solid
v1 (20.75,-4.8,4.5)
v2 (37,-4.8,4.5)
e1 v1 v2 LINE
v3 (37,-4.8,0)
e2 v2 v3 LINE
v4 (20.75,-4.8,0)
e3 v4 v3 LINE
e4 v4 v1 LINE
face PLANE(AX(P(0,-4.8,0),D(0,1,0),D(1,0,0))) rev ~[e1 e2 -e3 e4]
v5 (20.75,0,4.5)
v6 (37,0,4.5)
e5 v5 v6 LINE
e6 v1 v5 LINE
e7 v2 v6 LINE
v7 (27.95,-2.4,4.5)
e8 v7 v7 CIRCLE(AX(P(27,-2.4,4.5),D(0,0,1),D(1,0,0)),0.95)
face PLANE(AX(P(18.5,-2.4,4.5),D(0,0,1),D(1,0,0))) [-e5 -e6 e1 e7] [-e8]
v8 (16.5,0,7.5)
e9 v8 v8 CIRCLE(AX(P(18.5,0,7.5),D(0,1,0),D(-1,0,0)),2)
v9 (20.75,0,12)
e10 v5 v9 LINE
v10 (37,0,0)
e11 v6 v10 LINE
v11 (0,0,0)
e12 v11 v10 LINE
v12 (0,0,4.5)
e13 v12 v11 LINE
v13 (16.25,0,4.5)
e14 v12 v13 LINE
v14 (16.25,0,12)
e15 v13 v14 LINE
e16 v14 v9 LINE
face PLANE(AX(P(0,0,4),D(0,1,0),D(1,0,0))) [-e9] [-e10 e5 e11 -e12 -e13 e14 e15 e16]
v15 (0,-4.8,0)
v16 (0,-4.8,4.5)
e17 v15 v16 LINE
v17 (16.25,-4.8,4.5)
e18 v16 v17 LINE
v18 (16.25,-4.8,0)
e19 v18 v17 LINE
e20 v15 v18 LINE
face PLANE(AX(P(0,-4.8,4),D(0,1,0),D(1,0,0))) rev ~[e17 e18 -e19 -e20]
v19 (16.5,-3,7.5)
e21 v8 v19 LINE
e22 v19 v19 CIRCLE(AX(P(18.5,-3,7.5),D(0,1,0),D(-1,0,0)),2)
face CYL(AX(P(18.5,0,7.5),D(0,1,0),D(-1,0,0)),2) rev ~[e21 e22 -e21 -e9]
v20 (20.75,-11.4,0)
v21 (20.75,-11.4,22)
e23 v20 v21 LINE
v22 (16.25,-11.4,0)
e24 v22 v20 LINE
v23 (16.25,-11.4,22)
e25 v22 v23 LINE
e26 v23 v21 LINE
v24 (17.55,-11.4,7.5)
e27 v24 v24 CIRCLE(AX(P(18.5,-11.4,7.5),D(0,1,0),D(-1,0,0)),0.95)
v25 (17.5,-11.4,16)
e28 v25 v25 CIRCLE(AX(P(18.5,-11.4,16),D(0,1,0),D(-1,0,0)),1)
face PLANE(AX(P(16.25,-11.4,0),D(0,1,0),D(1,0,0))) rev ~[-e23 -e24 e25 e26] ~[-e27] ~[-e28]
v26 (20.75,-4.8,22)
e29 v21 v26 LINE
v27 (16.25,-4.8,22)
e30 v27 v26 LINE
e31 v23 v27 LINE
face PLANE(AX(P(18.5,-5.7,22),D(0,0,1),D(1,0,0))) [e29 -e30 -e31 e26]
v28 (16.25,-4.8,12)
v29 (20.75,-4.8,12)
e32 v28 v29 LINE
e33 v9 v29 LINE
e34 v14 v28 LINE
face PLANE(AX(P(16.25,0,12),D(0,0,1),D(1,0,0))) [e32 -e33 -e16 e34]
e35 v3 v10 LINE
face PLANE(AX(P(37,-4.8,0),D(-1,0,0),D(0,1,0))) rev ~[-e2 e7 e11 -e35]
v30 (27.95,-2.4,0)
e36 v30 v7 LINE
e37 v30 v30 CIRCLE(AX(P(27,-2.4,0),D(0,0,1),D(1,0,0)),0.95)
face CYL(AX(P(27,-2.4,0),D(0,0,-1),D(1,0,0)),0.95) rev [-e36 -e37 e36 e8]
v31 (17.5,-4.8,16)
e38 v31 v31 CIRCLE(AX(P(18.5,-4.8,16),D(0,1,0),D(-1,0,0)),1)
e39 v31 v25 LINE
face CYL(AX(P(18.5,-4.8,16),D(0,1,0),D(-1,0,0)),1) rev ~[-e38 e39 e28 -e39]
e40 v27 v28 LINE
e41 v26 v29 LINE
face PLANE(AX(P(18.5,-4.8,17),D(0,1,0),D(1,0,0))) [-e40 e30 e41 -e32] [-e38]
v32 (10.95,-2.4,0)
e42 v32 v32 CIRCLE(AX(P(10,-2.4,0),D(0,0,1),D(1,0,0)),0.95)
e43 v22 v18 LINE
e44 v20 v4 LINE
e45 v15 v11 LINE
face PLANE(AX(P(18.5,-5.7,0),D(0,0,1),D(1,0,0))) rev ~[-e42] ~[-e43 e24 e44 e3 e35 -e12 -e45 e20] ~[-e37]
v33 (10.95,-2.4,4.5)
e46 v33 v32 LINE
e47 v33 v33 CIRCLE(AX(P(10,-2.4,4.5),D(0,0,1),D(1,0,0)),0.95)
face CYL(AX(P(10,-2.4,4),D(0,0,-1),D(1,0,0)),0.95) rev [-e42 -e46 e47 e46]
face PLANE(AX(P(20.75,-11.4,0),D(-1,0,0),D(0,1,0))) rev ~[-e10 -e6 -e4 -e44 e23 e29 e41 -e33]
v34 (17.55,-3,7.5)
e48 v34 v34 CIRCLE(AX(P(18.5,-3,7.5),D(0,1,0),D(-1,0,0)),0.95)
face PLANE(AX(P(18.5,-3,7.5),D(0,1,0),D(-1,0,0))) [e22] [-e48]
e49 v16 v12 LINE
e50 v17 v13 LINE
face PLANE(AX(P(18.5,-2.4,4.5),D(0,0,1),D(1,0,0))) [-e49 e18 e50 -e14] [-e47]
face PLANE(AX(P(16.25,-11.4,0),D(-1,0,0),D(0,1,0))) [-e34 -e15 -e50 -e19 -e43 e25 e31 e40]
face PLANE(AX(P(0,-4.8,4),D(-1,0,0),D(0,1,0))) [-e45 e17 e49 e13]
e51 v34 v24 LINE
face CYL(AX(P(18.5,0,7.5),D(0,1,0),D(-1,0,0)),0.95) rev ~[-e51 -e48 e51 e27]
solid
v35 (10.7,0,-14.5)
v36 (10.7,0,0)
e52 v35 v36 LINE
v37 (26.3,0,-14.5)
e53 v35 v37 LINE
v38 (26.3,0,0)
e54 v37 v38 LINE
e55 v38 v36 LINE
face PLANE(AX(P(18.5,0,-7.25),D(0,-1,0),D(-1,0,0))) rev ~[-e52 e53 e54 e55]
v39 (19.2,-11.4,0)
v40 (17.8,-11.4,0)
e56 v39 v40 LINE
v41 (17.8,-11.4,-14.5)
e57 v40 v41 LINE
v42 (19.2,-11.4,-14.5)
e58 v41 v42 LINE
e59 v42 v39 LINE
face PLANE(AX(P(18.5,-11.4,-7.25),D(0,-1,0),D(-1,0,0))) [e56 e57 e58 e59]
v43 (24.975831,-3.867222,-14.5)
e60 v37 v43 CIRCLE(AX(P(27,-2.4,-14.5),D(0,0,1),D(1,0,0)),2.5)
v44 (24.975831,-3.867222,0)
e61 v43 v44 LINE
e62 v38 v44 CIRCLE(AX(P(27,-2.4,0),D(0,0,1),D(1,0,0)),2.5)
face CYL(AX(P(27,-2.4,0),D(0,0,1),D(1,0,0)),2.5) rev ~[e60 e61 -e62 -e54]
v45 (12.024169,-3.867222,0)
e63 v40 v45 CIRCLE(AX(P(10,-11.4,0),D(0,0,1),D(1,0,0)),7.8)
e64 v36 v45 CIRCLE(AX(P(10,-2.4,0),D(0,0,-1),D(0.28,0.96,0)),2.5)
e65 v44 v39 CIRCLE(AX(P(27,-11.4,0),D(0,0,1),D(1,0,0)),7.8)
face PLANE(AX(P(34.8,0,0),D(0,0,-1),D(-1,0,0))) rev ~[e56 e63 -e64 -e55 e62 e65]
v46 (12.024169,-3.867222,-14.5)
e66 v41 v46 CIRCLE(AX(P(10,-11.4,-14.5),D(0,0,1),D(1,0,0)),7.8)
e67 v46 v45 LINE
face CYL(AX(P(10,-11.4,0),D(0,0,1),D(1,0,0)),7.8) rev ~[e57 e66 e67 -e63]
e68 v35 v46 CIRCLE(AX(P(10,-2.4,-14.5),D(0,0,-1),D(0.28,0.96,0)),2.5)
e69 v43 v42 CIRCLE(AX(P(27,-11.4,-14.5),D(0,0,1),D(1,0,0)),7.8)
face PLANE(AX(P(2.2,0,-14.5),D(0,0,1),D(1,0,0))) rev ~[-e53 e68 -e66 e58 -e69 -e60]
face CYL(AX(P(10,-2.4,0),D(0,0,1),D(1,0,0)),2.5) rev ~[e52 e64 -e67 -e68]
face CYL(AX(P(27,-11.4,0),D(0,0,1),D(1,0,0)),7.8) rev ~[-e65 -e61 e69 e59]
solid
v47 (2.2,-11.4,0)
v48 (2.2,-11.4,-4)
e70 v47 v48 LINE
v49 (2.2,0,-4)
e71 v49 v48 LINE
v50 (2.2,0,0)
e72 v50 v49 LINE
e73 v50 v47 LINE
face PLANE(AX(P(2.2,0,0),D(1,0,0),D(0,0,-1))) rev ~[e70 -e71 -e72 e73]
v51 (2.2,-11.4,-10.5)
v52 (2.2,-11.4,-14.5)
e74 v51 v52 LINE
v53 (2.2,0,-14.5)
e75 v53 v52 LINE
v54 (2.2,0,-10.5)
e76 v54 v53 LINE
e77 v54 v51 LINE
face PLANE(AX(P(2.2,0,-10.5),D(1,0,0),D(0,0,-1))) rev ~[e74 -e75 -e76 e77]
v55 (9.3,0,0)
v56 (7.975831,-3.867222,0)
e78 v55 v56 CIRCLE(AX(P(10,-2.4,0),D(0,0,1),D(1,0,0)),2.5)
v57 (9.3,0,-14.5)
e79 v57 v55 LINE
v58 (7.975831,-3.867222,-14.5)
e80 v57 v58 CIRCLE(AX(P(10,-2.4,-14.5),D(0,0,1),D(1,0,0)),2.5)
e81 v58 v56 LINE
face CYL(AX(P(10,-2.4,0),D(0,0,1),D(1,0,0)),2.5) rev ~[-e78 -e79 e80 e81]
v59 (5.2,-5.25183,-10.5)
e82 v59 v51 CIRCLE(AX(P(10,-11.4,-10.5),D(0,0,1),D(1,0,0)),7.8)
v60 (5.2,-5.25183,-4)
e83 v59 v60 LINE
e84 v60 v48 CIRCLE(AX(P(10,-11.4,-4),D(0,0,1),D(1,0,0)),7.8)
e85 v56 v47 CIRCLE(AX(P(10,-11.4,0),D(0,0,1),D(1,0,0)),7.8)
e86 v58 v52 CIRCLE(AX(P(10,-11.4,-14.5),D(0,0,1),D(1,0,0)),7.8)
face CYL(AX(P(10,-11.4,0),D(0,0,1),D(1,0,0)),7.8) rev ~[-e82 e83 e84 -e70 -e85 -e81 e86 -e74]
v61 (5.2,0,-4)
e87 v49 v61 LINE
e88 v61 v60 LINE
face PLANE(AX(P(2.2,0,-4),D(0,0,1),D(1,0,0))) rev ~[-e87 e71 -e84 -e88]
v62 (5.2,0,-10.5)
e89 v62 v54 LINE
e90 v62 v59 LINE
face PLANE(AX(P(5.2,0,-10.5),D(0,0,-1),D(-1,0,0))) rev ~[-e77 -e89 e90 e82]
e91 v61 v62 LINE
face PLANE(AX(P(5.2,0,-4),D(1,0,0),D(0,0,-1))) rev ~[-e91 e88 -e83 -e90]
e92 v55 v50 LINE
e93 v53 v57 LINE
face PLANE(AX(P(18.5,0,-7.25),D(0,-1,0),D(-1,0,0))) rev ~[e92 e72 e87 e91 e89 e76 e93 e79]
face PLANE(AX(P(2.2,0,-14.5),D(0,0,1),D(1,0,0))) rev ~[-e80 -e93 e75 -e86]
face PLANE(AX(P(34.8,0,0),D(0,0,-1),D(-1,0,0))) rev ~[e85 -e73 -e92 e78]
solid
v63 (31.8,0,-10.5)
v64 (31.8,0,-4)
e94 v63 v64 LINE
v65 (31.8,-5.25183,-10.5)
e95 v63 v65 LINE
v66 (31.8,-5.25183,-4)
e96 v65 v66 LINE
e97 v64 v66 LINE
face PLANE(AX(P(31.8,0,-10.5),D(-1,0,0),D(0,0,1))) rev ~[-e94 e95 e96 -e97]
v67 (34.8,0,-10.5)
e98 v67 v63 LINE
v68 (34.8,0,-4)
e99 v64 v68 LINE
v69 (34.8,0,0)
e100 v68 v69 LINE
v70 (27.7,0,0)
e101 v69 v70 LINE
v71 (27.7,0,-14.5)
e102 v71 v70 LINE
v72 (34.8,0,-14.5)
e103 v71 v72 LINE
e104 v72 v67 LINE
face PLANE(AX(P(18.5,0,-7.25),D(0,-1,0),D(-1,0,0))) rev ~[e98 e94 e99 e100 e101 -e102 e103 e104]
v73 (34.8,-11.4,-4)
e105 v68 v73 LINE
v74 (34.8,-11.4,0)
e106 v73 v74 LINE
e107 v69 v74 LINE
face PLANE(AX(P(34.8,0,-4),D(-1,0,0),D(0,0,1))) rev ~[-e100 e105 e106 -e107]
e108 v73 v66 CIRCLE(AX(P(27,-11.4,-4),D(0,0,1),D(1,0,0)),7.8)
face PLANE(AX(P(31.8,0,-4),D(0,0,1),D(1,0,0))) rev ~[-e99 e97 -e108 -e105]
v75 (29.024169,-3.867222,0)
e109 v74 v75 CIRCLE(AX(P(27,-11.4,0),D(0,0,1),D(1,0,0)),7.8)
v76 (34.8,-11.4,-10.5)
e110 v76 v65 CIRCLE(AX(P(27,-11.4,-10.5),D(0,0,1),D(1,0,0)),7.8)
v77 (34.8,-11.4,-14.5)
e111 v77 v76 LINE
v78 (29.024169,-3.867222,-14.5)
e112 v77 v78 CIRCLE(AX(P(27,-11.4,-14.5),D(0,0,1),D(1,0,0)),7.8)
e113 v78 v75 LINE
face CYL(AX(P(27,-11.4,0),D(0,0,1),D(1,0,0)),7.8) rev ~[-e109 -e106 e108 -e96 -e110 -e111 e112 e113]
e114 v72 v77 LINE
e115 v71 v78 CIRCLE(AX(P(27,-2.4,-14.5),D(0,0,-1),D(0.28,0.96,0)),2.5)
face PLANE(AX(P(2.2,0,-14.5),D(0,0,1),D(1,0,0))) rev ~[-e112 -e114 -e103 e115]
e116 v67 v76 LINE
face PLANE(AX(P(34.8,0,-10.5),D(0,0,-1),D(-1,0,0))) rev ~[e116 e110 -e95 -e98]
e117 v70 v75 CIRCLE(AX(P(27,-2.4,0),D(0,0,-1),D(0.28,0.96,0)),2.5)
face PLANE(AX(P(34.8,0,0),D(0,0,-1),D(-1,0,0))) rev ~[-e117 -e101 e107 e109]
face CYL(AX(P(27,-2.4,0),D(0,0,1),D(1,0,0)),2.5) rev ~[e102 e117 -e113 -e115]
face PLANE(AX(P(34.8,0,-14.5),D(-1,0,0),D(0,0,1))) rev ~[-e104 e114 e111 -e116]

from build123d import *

# Parameters (mm, degrees)
SKETCH_2_W          = 37
SKETCH_2_H          = 4.8
SKETCH_2_R          = 0.95
EXTRUDE_1_DEPTH     = 4
EXTRUDE_2_DEPTH     = 11.4
SKETCH_4_R          = 7.8
CUT_EXTRUDE_1_DEPTH = 15
SKETCH_5_R          = 2.5
CUT_EXTRUDE_2_DEPTH = 15
SKETCH_6_W          = 4.5
SKETCH_6_H          = 11.4
EXTRUDE_3_DEPTH     = 22
SKETCH_7_W          = 37
SKETCH_7_H          = 4.8
SKETCH_7_R          = 0.95
EXTRUDE_4_DEPTH     = 0.5
SKETCH_8_W          = 4.5
SKETCH_8_H          = 10
CUT_EXTRUDE_3_DEPTH = 4.8
SKETCH_9_R          = 0.95
CUT_EXTRUDE_4_DEPTH = 20
SKETCH_10_R         = 2
CUT_EXTRUDE_8_DEPTH = 3
SKETCH_11_R         = 1
CUT_EXTRUDE_9_DEPTH = 13


with BuildPart() as part:
    # 草图2 → 凸台-拉伸1 (new body)
    with BuildSketch(Plane.XY):
        with Locations((18.5, -2.4)):
            Rectangle(SKETCH_2_W, SKETCH_2_H)
        with Locations((10, -2.4)):
            Circle(SKETCH_2_R, mode=Mode.SUBTRACT)
        with Locations((27, -2.4)):
            Circle(SKETCH_2_R, mode=Mode.SUBTRACT)
    extrude(amount=EXTRUDE_1_DEPTH)

    # 草图6 → 凸台-拉伸3 (add)
    with BuildSketch(Plane.XY):
        with Locations((18.5, -5.7)):
            Rectangle(SKETCH_6_W, SKETCH_6_H)
    extrude(amount=EXTRUDE_3_DEPTH)

    # 草图7 → 凸台-拉伸4 (add)
    with BuildSketch(Plane.XY.offset(4)):
        with Locations((18.5, -2.4)):
            Rectangle(SKETCH_7_W, SKETCH_7_H)
        with Locations((10, -2.4)):
            Circle(SKETCH_7_R, mode=Mode.SUBTRACT)
        with Locations((27, -2.4)):
            Circle(SKETCH_7_R, mode=Mode.SUBTRACT)
    extrude(amount=EXTRUDE_4_DEPTH)

    # 草图8 → 切除-拉伸3 (cut)
    with BuildSketch(Plane(origin=(0, 0, 0), x_dir=(1, 0, 0), z_dir=(0, 1, 0))):
        with Locations((18.5, -17)):
            Rectangle(SKETCH_8_W, SKETCH_8_H)
    extrude(amount=-CUT_EXTRUDE_3_DEPTH, mode=Mode.SUBTRACT)

    # 草图9 → 切除-拉伸4 (cut)
    with BuildSketch(Plane(origin=(0, 0, 0), x_dir=(1, 0, 0), z_dir=(0, 1, 0))):
        with Locations(Location((18.5, -7.5, 0), (0, 0, 180))):
            Circle(SKETCH_9_R)
    extrude(amount=-CUT_EXTRUDE_4_DEPTH, mode=Mode.SUBTRACT)

    # 草图10 → 切除-拉伸8 (cut)
    with BuildSketch(Plane(origin=(0, 0, 0), x_dir=(1, 0, 0), z_dir=(0, 1, 0))):
        with Locations(Location((18.5, -7.5, 0), (0, 0, 180))):
            Circle(SKETCH_10_R)
    extrude(amount=-CUT_EXTRUDE_8_DEPTH, mode=Mode.SUBTRACT)

    # 草图11 → 切除-拉伸9 (cut)
    with BuildSketch(Plane(origin=(0, -4.8, 0), x_dir=(1, 0, 0), z_dir=(0, 1, 0))):
        with Locations(Location((18.5, -16, 0), (0, 0, 180))):
            Circle(SKETCH_11_R)
    extrude(amount=-CUT_EXTRUDE_9_DEPTH, mode=Mode.SUBTRACT)


with BuildPart() as body_2:
    # 草图3 → 凸台-拉伸2 (new body)
    with BuildSketch(Plane(origin=(0, 0, 0), x_dir=(1, 0, 0), z_dir=(0, 1, 0))):
        Polygon((2.2, 0), (2.2, 4), (5.2, 4), (5.2, 10.5), (2.2, 10.5), (2.2, 14.5), (34.8, 14.5), (34.8, 10.5), (31.8, 10.5), (31.8, 4), (34.8, 4), (34.8, 0), align=None)
    extrude(amount=-EXTRUDE_2_DEPTH)

    # 草图4 → 切除-拉伸1 (cut)
    with BuildSketch(Plane.XY):
        with Locations((10, -11.4)):
            Circle(SKETCH_4_R)
        with Locations((27, -11.4)):
            Circle(SKETCH_4_R)
    extrude(amount=-CUT_EXTRUDE_1_DEPTH, mode=Mode.SUBTRACT)

    # 草图5 → 切除-拉伸2 (cut)
    with BuildSketch(Plane.XY):
        with Locations((10, -2.4)):
            Circle(SKETCH_5_R)
        with Locations((27, -2.4)):
            Circle(SKETCH_5_R)
    extrude(amount=-CUT_EXTRUDE_2_DEPTH, mode=Mode.SUBTRACT)


with BuildPart() as cut_extrude_2_piece_1:
    # of the separate pieces the step leaves, piece 1, a body of its own (cut_extrude_2_pieces)
    add(body_2.part.solids().sort_by_distance((26.3, 0, 0))[0])


with BuildPart() as cut_extrude_2_piece_2:
    # of the separate pieces the step leaves, piece 2, a body of its own (cut_extrude_2_pieces)
    add(body_2.part.solids().sort_by_distance((2.2, 0, 0))[0])


with BuildPart() as cut_extrude_2_piece_3:
    # of the separate pieces the step leaves, piece 3, a body of its own (cut_extrude_2_pieces)
    add(body_2.part.solids().sort_by_distance((34.8, 0, 0))[0])


solid = Compound([part.part, cut_extrude_2_piece_1.part, cut_extrude_2_piece_2.part, cut_extrude_2_piece_3.part])
